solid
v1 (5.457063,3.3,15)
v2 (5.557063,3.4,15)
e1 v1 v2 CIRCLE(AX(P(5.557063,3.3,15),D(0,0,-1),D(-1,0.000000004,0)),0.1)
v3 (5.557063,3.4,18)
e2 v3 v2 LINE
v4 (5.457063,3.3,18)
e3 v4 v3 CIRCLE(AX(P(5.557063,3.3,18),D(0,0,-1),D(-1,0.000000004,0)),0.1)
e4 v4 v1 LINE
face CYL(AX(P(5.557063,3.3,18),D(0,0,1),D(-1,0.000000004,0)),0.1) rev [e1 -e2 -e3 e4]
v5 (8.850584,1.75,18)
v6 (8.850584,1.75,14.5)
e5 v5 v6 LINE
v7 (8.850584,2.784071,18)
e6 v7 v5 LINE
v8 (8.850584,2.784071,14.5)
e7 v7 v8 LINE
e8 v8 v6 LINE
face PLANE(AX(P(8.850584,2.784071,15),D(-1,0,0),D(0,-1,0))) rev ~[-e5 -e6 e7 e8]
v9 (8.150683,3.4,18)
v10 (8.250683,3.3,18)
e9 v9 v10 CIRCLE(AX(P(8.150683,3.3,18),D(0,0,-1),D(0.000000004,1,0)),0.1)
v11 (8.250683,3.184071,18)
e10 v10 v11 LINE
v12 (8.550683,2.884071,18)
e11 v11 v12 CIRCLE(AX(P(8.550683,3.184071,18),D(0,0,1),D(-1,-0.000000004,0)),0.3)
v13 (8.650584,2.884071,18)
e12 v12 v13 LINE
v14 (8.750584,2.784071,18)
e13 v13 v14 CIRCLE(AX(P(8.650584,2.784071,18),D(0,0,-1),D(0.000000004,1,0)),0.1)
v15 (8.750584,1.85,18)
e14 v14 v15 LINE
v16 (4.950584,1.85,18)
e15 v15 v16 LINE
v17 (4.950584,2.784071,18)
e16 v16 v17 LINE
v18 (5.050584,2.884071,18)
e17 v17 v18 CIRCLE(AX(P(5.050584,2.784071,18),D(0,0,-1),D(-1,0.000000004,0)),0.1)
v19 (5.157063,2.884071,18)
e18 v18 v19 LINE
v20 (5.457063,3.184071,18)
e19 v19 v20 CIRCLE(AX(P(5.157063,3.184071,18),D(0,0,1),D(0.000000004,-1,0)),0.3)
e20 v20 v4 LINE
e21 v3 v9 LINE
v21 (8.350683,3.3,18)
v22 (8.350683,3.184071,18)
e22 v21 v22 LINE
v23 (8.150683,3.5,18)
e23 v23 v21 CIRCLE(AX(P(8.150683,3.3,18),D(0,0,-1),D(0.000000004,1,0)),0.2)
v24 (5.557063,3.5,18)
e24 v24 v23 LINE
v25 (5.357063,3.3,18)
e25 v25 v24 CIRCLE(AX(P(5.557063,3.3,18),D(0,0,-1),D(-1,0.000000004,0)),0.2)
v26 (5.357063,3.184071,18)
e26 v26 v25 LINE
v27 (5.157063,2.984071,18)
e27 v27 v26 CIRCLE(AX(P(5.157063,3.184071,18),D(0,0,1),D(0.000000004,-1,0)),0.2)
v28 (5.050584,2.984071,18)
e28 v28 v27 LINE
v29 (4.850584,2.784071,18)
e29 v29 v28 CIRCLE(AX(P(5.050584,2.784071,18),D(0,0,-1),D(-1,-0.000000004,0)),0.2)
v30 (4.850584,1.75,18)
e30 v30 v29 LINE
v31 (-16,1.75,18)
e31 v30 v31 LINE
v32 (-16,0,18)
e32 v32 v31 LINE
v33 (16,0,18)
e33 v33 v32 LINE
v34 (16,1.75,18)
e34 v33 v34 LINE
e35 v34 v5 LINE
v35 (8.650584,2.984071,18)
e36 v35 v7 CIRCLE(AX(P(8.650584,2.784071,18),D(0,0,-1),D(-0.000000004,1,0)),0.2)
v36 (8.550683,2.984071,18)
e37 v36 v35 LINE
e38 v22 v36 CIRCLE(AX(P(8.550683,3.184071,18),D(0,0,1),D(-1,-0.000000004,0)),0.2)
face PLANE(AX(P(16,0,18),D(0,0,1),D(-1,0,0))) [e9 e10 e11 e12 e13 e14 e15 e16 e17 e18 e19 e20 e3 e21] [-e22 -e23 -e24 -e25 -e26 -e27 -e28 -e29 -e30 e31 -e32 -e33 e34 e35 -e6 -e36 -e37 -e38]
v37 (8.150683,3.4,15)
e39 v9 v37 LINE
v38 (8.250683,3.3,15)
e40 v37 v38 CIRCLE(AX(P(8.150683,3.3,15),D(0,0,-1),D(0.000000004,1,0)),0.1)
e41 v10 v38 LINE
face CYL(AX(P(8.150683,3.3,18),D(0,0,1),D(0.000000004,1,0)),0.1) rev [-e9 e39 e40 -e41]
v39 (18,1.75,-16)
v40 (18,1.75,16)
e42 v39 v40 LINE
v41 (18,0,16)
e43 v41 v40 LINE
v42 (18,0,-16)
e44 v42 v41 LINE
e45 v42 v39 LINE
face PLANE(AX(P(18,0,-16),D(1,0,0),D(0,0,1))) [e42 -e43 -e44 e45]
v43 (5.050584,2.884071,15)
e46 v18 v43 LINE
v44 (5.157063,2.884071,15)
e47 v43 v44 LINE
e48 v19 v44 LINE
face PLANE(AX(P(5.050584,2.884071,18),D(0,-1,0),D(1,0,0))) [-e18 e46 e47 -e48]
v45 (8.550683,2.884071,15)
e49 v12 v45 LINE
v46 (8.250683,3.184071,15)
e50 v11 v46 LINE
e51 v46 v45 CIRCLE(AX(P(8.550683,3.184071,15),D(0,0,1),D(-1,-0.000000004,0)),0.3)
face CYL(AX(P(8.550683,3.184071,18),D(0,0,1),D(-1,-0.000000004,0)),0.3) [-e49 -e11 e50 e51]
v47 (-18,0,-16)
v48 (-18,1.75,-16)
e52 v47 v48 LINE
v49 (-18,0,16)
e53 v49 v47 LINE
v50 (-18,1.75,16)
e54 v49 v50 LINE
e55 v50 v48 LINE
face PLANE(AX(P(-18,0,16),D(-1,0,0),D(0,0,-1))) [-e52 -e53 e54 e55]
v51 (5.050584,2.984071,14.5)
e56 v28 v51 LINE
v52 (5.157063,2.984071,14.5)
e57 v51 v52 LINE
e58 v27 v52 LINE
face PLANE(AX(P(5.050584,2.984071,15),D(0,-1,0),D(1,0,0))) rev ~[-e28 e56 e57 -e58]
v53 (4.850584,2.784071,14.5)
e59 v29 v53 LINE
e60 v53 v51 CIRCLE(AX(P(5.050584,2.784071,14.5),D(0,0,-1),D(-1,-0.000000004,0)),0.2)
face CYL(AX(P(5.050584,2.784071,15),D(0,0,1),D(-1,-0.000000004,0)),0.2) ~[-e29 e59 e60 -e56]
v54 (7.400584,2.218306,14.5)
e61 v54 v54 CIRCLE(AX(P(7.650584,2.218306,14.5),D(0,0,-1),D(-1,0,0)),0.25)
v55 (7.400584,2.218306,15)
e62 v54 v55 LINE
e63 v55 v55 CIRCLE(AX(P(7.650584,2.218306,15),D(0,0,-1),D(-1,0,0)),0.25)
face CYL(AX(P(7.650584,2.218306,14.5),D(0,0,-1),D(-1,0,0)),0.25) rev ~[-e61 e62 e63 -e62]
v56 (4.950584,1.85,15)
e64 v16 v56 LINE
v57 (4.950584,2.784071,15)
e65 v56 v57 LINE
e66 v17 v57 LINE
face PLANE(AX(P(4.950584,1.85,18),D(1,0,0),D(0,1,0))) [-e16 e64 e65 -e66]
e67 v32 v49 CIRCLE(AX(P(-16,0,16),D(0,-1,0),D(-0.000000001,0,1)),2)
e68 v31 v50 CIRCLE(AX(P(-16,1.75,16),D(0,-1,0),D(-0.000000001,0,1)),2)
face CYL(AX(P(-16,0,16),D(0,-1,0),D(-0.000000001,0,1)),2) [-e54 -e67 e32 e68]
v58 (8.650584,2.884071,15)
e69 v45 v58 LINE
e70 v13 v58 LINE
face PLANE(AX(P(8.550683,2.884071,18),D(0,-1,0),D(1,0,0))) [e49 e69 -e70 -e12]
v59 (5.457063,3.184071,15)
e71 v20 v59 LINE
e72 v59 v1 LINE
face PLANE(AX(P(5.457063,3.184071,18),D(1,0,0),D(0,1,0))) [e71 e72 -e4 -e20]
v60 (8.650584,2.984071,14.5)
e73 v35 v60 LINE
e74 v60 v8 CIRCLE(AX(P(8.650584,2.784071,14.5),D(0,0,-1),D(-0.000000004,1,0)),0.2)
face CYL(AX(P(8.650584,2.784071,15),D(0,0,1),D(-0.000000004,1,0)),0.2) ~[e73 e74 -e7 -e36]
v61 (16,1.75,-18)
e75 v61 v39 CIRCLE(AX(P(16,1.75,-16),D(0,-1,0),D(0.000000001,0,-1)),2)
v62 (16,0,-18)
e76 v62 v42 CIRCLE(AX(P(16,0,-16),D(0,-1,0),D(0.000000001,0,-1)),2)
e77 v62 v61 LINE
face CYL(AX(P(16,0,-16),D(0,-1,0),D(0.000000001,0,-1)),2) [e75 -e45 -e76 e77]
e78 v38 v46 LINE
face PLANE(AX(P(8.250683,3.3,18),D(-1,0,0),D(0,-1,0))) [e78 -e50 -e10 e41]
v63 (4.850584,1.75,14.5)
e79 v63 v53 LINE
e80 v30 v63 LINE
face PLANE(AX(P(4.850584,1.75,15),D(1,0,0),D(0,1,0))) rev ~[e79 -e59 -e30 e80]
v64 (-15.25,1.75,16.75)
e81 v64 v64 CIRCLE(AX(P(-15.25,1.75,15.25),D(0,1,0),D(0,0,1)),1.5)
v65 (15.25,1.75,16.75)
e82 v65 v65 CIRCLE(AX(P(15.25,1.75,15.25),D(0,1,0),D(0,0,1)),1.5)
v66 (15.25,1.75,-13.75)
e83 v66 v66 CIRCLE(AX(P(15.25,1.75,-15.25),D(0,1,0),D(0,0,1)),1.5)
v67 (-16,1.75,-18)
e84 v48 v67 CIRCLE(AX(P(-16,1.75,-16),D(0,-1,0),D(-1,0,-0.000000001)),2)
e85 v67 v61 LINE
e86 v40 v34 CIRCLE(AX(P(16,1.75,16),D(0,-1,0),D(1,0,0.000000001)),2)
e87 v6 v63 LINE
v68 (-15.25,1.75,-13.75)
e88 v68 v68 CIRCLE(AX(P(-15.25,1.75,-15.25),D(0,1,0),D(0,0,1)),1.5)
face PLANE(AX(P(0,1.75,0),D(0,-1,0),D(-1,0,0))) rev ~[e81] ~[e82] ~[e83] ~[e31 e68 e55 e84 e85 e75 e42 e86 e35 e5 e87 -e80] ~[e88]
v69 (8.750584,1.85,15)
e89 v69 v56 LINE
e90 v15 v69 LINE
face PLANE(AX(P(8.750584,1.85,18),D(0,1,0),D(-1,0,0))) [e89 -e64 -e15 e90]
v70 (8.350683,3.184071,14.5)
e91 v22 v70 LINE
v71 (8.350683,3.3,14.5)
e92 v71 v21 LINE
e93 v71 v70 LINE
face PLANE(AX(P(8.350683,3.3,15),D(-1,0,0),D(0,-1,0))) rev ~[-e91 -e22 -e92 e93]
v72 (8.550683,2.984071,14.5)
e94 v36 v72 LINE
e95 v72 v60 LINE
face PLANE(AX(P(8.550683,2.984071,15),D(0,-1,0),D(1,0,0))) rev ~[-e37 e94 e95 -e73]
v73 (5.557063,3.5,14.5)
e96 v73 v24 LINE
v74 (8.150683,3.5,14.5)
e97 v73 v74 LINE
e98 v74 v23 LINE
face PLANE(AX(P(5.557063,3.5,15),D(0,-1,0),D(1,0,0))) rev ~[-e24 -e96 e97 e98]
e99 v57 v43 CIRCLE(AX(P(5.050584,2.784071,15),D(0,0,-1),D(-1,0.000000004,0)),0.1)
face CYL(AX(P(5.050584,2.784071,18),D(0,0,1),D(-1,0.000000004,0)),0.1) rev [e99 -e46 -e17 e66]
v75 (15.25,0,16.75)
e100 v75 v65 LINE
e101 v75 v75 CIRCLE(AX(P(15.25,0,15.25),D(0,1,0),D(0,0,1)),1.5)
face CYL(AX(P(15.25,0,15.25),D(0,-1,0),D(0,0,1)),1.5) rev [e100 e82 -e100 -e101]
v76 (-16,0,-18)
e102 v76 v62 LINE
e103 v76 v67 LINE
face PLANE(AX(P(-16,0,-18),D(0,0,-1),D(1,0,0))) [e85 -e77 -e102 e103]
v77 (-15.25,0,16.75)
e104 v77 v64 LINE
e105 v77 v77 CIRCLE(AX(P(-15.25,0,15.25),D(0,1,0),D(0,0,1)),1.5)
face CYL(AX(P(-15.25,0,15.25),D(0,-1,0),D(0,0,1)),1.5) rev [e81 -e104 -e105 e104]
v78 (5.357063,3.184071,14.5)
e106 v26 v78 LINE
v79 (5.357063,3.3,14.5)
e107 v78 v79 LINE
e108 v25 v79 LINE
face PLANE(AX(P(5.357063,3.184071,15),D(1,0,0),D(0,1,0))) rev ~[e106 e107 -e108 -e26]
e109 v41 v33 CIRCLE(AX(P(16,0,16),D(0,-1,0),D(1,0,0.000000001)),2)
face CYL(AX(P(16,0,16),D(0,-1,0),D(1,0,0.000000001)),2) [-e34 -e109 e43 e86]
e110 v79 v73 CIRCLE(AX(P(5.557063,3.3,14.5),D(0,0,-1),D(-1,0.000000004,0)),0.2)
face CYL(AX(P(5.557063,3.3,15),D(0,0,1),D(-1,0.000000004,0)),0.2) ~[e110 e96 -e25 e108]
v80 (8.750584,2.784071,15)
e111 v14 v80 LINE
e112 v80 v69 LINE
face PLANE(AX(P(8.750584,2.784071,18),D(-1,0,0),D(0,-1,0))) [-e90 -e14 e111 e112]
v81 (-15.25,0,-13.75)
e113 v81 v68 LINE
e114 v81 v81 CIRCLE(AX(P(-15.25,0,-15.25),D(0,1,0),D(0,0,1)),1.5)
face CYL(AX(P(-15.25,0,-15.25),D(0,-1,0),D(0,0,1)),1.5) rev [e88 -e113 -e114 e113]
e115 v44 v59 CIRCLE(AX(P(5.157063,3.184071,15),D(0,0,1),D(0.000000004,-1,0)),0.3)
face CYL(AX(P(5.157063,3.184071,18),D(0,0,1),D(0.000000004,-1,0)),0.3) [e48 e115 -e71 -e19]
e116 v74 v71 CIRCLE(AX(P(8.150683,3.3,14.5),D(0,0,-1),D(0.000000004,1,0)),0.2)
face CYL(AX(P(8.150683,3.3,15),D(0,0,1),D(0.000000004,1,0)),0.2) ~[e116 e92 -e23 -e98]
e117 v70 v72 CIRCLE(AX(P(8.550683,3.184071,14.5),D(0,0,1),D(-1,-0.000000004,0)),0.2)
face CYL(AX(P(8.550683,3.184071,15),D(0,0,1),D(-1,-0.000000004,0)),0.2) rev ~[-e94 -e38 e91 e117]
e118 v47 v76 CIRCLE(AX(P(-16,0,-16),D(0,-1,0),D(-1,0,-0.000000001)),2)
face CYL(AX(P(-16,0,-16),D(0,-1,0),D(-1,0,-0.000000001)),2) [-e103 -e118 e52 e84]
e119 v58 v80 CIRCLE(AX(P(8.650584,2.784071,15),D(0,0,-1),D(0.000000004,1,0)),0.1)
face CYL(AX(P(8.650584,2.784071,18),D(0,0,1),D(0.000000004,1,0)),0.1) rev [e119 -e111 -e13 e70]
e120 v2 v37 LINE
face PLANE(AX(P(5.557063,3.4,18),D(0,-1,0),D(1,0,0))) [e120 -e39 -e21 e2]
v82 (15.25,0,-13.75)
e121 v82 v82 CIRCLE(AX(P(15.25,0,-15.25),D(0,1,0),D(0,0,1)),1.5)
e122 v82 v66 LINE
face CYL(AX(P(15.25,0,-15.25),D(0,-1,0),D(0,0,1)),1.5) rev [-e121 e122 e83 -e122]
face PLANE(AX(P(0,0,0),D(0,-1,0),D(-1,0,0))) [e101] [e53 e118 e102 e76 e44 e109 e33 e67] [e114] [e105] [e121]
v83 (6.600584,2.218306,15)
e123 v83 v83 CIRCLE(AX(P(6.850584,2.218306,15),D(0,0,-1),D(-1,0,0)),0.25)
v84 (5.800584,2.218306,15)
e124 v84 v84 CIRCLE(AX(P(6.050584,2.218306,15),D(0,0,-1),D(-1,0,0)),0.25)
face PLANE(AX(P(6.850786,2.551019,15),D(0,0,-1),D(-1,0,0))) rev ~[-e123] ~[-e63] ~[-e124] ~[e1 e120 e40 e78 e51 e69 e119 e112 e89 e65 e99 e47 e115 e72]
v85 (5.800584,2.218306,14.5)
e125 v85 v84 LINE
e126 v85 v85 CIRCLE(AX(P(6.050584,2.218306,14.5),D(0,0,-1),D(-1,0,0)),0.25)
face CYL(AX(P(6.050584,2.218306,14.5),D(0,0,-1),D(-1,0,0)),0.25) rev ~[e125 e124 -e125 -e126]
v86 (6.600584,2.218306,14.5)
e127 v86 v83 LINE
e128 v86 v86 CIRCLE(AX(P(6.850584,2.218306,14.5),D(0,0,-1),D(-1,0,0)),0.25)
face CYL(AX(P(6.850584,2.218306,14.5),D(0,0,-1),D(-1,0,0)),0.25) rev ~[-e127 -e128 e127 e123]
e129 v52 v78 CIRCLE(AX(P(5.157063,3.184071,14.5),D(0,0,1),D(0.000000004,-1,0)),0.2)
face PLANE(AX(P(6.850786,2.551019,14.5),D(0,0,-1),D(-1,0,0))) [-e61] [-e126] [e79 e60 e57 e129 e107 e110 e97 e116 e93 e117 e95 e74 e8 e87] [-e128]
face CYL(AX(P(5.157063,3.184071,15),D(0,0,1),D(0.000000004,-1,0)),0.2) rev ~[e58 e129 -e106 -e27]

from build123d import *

# Parameters (mm, degrees)
SKETCH2_R           = 1.5
BOSS_EXTRUDE1_DEPTH = 1.75
BOSS_EXTRUDE2_DEPTH = 3
BOSS_EXTRUDE3_DEPTH = 0.5
SKETCH6_R           = 0.25
CUT_EXTRUDE1_DEPTH  = 38.316216314


with BuildPart() as part:
    # Sketch2 → Boss-Extrude1 (new body)
    with BuildSketch(Plane(origin=(0, 0, 0), x_dir=(1, 0, 0), z_dir=(0, 1, 0))):
        with BuildLine():
            Line((16, -18), (-16, -18))
            ThreePointArc((-16, -18), (-17.414213562, -17.414213562), (-18, -16))
            Line((-18, -16), (-18, 16))
            ThreePointArc((-18, 16), (-17.414213562, 17.414213562), (-16, 18))
            Line((-16, 18), (16, 18))
            ThreePointArc((16, 18), (17.414213562, 17.414213562), (18, 16))
            Line((18, 16), (18, -16))
            ThreePointArc((18, -16), (17.414213562, -17.414213562), (16, -18))
        make_face()
        with Locations(Location((-15.25, 15.25, 0), (0, 0, 270))):
            Circle(SKETCH2_R, mode=Mode.SUBTRACT)
        with Locations(Location((15.25, 15.25, 0), (0, 0, 270))):
            Circle(SKETCH2_R, mode=Mode.SUBTRACT)
        with Locations(Location((15.25, -15.25, 0), (0, 0, 270))):
            Circle(SKETCH2_R, mode=Mode.SUBTRACT)
        with Locations(Location((-15.25, -15.25, 0), (0, 0, 270))):
            Circle(SKETCH2_R, mode=Mode.SUBTRACT)
    extrude(amount=BOSS_EXTRUDE1_DEPTH)

    # Sketch3 → Boss-Extrude2 (add)
    with BuildSketch(Plane.XY.offset(18)):
        with BuildLine():
            Line((5.557062961, 3.5), (8.150682516, 3.5))
            ThreePointArc((8.150682516, 3.5), (8.292103872, 3.441421356), (8.350682516, 3.3))
            Line((8.350682516, 3.3), (8.350682516, 3.184070744))
            ThreePointArc((8.350682516, 3.184070744), (8.40926116, 3.042649388), (8.550682516, 2.984070744))
            Line((8.550682516, 2.984070744), (8.650583865, 2.984070744))
            ThreePointArc((8.650583865, 2.984070744), (8.792005221, 2.925492101), (8.850583865, 2.784070744))
            Line((8.850583865, 2.784070744), (8.850583865, 1.75))
            Line((8.850583865, 1.75), (4.850583865, 1.75))
            Line((4.850583865, 1.75), (4.850583865, 2.784070744))
            ThreePointArc((4.850583865, 2.784070744), (4.909162509, 2.925492101), (5.050583865, 2.984070744))
            Line((5.050583865, 2.984070744), (5.157062961, 2.984070744))
            ThreePointArc((5.157062961, 2.984070744), (5.298484317, 3.042649388), (5.357062961, 3.184070744))
            Line((5.357062961, 3.184070744), (5.357062961, 3.3))
            ThreePointArc((5.357062961, 3.3), (5.415641605, 3.441421356), (5.557062961, 3.5))
        make_face()
        with BuildLine():
            Line((5.557062961, 3.4), (8.150682516, 3.4))
            ThreePointArc((8.150682516, 3.4), (8.221393194, 3.370710678), (8.250682516, 3.3))
            Line((8.250682516, 3.3), (8.250682516, 3.184070744))
            ThreePointArc((8.250682516, 3.184070744), (8.338550482, 2.97193871), (8.550682516, 2.884070744))
            Line((8.550682516, 2.884070744), (8.650583865, 2.884070744))
            ThreePointArc((8.650583865, 2.884070744), (8.721294543, 2.854781422), (8.750583865, 2.784070744))
            Line((8.750583865, 2.784070744), (8.750583865, 1.85))
            Line((8.750583865, 1.85), (4.950583865, 1.85))
            Line((4.950583865, 1.85), (4.950583865, 2.784070744))
            ThreePointArc((4.950583865, 2.784070744), (4.979873187, 2.854781422), (5.050583865, 2.884070744))
            Line((5.050583865, 2.884070744), (5.157062961, 2.884070744))
            ThreePointArc((5.157062961, 2.884070744), (5.369194995, 2.97193871), (5.457062961, 3.184070744))
            Line((5.457062961, 3.184070744), (5.457062961, 3.3))
            ThreePointArc((5.457062961, 3.3), (5.486352283, 3.370710678), (5.557062961, 3.4))
        make_face(mode=Mode.SUBTRACT)
    extrude(amount=-BOSS_EXTRUDE2_DEPTH)

    # Sketch5 → Boss-Extrude3 (add)
    with BuildSketch(Plane(origin=(0, 0, 15), x_dir=(-1, 0, 0), z_dir=(0, 0, -1))):
        with BuildLine():
            Line((-8.350682516, 3.3), (-8.350682516, 3.184070744))
            ThreePointArc((-8.350682516, 3.184070744), (-8.40926116, 3.042649388), (-8.550682516, 2.984070744))
            Line((-8.550682516, 2.984070744), (-8.650583865, 2.984070744))
            ThreePointArc((-8.650583865, 2.984070744), (-8.792005221, 2.925492101), (-8.850583865, 2.784070744))
            Line((-8.850583865, 2.784070744), (-8.850583865, 1.75))
            Line((-8.850583865, 1.75), (-4.850583865, 1.75))
            Line((-4.850583865, 1.75), (-4.850583865, 2.784070744))
            ThreePointArc((-4.850583865, 2.784070744), (-4.909162509, 2.925492101), (-5.050583865, 2.984070744))
            Line((-5.050583865, 2.984070744), (-5.157062961, 2.984070744))
            ThreePointArc((-5.157062961, 2.984070744), (-5.298484317, 3.042649388), (-5.357062961, 3.184070744))
            Line((-5.357062961, 3.184070744), (-5.357062961, 3.3))
            ThreePointArc((-5.357062961, 3.3), (-5.415641605, 3.441421356), (-5.557062961, 3.5))
            Line((-5.557062961, 3.5), (-8.150682516, 3.5))
            ThreePointArc((-8.150682516, 3.5), (-8.292103872, 3.441421356), (-8.350682516, 3.3))
        make_face()
    extrude(amount=BOSS_EXTRUDE3_DEPTH)

    # Sketch6 → Cut-Extrude1 (cut, through all)
    with BuildSketch(Plane(origin=(0, 0, 14.5), x_dir=(-1, 0, 0), z_dir=(0, 0, -1))):
        with Locations((-7.650583865, 2.218305959)):
            Circle(SKETCH6_R)
        with Locations((-6.850583865, 2.218305959)):
            Circle(SKETCH6_R)
        with Locations((-6.050583865, 2.218305959)):
            Circle(SKETCH6_R)
    extrude(amount=-CUT_EXTRUDE1_DEPTH, mode=Mode.SUBTRACT)


solid = part.part
